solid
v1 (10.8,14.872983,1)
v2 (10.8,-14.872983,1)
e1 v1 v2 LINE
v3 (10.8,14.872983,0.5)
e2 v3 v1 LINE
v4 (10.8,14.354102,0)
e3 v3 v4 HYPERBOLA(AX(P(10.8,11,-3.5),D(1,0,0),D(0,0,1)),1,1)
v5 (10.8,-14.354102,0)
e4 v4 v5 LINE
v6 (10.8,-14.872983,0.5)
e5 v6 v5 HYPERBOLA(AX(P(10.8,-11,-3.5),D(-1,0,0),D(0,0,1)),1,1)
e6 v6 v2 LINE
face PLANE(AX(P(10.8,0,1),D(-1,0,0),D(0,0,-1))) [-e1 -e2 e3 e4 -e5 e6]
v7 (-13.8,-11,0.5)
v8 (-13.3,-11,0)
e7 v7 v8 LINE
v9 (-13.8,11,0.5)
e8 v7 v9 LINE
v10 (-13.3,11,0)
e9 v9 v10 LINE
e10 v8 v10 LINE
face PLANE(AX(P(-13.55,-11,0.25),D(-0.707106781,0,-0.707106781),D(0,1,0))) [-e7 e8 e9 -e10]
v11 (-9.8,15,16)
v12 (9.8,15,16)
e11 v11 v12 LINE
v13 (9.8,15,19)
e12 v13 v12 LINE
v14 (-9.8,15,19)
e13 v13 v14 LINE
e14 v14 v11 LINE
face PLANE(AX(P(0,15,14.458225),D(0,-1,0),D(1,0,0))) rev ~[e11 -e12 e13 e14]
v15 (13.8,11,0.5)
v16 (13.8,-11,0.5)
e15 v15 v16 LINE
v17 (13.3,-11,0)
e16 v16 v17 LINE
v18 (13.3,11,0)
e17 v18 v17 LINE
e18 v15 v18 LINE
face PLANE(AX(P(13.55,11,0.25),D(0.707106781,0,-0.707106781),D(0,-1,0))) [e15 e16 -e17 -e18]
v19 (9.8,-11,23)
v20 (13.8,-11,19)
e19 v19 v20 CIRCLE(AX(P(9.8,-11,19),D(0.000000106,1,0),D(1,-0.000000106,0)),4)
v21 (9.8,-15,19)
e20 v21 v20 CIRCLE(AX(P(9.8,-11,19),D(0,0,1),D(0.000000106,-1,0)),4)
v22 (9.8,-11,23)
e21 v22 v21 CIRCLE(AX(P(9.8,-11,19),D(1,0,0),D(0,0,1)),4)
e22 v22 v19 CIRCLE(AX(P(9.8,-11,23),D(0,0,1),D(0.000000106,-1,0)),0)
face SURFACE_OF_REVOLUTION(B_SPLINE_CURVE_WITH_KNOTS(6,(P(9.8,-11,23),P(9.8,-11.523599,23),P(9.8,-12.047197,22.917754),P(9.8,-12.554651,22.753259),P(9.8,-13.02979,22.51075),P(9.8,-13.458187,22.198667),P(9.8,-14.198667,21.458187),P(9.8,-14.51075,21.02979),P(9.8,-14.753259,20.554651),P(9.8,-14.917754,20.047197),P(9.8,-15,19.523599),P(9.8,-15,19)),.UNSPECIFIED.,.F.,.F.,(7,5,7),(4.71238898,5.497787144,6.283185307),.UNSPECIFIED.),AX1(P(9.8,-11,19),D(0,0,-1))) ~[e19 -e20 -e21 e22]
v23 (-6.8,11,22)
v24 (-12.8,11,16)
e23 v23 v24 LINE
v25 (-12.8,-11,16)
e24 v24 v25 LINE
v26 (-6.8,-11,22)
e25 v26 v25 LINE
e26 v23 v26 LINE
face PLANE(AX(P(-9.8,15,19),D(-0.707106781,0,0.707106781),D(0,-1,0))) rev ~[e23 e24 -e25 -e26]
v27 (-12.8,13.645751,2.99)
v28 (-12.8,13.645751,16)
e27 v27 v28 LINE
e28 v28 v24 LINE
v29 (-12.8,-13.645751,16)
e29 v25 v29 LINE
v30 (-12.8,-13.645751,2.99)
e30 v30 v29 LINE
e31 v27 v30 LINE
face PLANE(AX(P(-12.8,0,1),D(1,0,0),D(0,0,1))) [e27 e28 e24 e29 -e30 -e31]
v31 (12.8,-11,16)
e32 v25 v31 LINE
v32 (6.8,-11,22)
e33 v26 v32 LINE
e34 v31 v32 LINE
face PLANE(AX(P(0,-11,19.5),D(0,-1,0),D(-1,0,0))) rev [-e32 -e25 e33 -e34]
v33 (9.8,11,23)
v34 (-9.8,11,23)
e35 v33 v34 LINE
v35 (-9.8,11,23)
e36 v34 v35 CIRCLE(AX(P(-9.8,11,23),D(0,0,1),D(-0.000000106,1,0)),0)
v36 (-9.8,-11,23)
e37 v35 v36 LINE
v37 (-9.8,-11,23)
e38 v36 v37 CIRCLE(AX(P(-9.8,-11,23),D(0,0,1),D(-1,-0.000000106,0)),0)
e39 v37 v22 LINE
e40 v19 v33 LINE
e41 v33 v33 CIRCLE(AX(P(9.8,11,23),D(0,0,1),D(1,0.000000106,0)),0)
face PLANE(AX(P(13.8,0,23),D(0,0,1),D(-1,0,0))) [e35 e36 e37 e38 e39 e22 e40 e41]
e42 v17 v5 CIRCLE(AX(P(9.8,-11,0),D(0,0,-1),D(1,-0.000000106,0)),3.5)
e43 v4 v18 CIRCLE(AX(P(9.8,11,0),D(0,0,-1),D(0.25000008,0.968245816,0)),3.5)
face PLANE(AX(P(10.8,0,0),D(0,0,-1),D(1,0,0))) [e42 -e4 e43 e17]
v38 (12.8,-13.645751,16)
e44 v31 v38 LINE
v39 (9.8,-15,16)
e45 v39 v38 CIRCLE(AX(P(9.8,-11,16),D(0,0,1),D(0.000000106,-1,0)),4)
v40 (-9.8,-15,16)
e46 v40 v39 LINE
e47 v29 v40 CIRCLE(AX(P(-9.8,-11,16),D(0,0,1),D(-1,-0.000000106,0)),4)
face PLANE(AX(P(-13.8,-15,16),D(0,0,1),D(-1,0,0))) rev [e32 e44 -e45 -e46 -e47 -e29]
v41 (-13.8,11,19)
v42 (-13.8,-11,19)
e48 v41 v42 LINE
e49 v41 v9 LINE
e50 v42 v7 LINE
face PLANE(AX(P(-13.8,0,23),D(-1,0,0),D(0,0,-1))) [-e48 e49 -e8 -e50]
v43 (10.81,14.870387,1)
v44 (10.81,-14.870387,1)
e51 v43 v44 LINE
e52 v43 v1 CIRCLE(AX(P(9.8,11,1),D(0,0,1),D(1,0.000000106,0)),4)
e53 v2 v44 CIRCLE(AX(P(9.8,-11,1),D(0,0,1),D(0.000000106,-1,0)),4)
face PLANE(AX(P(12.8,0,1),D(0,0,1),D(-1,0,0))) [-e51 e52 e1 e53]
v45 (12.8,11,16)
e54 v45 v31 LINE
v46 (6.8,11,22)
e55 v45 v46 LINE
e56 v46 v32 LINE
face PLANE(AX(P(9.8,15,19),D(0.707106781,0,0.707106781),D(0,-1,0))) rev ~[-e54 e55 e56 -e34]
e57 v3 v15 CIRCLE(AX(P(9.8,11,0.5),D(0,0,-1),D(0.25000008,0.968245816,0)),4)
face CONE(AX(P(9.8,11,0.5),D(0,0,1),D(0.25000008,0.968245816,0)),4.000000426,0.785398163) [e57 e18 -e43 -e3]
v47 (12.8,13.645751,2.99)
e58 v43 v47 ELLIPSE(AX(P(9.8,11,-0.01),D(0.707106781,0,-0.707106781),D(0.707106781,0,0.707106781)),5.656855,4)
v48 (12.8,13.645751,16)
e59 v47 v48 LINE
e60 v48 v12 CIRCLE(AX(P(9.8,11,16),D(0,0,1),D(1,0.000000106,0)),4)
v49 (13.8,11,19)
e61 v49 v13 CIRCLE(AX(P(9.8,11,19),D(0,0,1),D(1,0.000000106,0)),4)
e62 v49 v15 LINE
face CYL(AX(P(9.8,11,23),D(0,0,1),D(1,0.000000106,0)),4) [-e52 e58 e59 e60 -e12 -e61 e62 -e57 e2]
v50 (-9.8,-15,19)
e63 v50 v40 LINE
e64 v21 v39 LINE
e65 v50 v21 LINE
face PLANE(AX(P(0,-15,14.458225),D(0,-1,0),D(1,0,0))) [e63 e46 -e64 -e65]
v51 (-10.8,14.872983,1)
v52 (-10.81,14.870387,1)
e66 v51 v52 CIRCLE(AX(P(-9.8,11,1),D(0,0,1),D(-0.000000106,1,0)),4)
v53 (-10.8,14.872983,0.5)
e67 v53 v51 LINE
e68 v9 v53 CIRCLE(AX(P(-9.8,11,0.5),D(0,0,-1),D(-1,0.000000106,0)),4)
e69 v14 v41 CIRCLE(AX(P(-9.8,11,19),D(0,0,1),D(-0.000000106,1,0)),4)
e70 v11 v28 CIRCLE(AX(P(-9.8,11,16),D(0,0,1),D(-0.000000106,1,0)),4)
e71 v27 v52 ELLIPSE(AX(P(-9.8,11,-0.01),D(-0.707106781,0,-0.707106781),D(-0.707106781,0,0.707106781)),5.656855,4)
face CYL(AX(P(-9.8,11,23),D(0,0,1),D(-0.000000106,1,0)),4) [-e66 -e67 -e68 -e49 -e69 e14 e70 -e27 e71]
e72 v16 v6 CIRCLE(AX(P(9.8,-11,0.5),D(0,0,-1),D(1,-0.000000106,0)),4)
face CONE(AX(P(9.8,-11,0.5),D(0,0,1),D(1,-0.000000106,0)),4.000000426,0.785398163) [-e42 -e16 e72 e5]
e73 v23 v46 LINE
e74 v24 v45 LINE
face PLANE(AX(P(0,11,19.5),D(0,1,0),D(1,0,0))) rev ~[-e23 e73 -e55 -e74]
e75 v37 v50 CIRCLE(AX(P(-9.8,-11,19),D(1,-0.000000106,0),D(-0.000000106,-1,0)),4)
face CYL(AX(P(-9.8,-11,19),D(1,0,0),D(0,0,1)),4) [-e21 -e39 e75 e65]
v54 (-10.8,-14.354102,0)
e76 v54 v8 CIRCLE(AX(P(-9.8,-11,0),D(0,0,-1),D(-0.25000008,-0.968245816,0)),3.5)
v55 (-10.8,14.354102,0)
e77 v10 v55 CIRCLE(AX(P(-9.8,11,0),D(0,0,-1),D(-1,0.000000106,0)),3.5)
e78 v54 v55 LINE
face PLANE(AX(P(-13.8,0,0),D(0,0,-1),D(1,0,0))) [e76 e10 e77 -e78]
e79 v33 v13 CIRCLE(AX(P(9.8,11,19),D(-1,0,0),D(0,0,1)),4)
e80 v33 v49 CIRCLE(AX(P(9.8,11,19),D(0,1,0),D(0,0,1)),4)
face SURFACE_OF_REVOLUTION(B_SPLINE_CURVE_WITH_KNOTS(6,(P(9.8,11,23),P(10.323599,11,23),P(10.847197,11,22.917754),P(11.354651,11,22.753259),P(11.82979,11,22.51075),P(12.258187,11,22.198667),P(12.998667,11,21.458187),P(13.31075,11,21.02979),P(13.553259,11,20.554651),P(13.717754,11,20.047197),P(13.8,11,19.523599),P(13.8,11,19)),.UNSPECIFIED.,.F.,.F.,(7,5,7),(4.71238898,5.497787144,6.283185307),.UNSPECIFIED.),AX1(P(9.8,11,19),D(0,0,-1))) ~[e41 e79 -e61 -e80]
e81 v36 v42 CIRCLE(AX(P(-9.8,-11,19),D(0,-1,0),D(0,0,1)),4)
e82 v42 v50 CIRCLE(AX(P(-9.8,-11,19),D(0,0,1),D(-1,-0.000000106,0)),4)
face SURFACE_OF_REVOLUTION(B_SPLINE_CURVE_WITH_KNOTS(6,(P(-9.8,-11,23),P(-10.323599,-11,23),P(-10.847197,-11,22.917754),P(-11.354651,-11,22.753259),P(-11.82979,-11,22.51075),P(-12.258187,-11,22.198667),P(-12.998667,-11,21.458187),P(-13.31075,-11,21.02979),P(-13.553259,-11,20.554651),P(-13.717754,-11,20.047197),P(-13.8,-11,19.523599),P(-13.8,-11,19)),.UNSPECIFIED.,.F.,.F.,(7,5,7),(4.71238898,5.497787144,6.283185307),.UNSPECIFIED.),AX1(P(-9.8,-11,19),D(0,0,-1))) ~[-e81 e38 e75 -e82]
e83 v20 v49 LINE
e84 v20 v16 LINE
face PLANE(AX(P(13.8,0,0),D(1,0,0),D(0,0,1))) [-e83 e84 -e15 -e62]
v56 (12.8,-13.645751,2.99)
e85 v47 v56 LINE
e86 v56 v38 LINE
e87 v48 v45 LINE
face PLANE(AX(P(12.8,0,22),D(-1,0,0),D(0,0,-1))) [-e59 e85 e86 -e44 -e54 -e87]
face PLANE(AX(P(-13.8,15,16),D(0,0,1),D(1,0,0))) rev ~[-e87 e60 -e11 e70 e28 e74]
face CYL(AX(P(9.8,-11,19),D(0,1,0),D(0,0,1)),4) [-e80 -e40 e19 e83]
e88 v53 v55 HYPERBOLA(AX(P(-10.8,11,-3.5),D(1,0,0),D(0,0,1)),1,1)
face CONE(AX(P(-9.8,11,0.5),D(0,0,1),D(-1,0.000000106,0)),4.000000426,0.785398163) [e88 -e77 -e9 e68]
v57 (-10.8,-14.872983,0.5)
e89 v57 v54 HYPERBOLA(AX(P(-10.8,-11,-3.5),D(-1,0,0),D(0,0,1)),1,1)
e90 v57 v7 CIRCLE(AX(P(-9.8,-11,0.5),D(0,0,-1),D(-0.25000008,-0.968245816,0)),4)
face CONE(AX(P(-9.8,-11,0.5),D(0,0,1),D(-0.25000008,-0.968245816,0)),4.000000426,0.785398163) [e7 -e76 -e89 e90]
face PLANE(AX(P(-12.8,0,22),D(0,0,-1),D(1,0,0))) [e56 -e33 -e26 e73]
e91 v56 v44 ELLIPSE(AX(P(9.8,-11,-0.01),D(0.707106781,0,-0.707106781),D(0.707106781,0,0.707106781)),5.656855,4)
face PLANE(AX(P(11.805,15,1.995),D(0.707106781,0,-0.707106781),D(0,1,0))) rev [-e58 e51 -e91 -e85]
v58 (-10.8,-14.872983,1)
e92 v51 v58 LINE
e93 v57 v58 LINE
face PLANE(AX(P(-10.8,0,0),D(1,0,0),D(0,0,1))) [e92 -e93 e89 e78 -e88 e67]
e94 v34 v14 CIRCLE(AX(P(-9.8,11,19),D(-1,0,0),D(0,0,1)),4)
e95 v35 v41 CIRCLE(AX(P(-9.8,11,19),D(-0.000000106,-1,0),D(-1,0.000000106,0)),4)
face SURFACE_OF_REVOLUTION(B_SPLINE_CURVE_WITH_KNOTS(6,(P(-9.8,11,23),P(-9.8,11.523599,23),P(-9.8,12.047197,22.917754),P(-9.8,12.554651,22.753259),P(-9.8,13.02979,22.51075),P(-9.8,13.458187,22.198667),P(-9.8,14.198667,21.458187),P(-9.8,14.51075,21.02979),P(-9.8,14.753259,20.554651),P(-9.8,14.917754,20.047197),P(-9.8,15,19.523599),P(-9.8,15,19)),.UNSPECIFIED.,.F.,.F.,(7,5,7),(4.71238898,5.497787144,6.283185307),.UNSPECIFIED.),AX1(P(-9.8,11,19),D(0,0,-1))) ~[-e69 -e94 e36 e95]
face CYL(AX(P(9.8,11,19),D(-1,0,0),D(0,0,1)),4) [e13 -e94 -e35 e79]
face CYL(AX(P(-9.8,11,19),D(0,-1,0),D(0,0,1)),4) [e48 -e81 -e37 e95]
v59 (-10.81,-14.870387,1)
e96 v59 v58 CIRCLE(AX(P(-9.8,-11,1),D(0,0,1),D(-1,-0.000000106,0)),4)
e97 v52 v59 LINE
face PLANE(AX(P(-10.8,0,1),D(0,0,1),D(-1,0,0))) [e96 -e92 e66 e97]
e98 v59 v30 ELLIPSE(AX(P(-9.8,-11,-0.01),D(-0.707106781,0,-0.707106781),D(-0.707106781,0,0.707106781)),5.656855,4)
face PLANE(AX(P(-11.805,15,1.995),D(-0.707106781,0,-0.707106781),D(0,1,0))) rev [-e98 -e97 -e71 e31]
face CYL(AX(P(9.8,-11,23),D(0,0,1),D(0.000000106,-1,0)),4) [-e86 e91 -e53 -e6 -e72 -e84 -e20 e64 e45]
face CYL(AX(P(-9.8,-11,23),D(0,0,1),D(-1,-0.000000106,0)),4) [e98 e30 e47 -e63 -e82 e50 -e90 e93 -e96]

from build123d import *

# Parameters (mm, degrees)
PAD_DEPTH       = 15
CHAMFER_SIZE    = 1.99
CHAMFER001_SIZE = 6
SKETCH001_W     = 27.6
SKETCH001_H     = 7
PAD001_DEPTH    = 4
SKETCH002_W     = 31.6
SKETCH002_H     = 34
POCKET_DEPTH    = 23.001
FILLET_R        = 4
CHAMFER002_SIZE = 0.5


with BuildPart() as part:
    # Sketch → Pad (new body, symmetric)
    with BuildSketch(Plane.XZ):
        Polygon((-10.8, 0), (-10.8, 1), (-12.8, 1), (-12.8, 22), (12.8, 22), (12.8, 1), (10.8, 1), (10.8, 0), (13.8, 0), (13.8, 23), (-13.8, 23), (-13.8, 0), align=None)
    extrude(amount=PAD_DEPTH, both=True)

    # Chamfer
    chamfer_edges = [part.edges().sort_by_distance(p)[0] for p in [
        (-12.8, 0, 1),
        (12.8, 0, 1),
    ]]
    chamfer(chamfer_edges, length=CHAMFER_SIZE)

    # Chamfer001
    chamfer001_edges = [part.edges().sort_by_distance(p)[0] for p in [
        (12.8, 0, 22),
        (-12.8, 0, 22),
    ]]
    chamfer(chamfer001_edges, length=CHAMFER001_SIZE)

    # Sketch001 (on Face1 of Chamfer001) → Pad001 (join)
    with BuildSketch(Plane(origin=(0, 15, 0), x_dir=(1, 0, 0), z_dir=(0, 1, 0))):
        with Locations((0, -19.5)):
            Rectangle(SKETCH001_W, SKETCH001_H)
    pad001 = extrude(amount=-PAD001_DEPTH)

    # Mirrored: Pad001 across XZ
    add(pad001.mirror(Plane.XZ))

    # Sketch002 (on Face21 of Mirrored) → Pocket (cut, through all)
    with BuildSketch(Plane(origin=(0, 0, 23), x_dir=(-1, 0, 0), z_dir=(0, 0, 1))):
        Rectangle(SKETCH002_W, SKETCH002_H)
        with BuildLine():
            Line((-13.8, 11), (-13.8, -11))
            ThreePointArc((-13.8, -11), (-12.628427, -13.828427), (-9.8, -15))
            Line((-9.8, -15), (9.8, -15))
            ThreePointArc((9.8, -15), (12.628427, -13.828427), (13.8, -11))
            Line((13.8, -11), (13.8, 11))
            ThreePointArc((13.8, 11), (12.628427, 13.828427), (9.8, 15))
            Line((9.8, 15), (-9.8, 15))
            ThreePointArc((-9.8, 15), (-12.628427, 13.828427), (-13.8, 11))
        make_face(mode=Mode.SUBTRACT)
    extrude(amount=-POCKET_DEPTH, mode=Mode.SUBTRACT)

    # Fillet
    fillet_edges = [part.edges().sort_by_distance(p)[0] for p in [
        (0, 15, 23),
        (12.628427, 13.828427, 23),
        (13.8, 0, 23),
        (12.628427, -13.828427, 23),
        (0, -15, 23),
        (-12.628427, -13.828427, 23),
        (-13.8, 0, 23),
        (-12.628427, 13.828427, 23),
    ]]
    fillet(fillet_edges, radius=FILLET_R)

    # Chamfer002
    chamfer002_edges = [part.edges().sort_by_distance(p)[0] for p in [
        (13.8, 0, 0),
        (-13.8, 0, 0),
    ]]
    chamfer(chamfer002_edges, length=CHAMFER002_SIZE)


solid = part.part
